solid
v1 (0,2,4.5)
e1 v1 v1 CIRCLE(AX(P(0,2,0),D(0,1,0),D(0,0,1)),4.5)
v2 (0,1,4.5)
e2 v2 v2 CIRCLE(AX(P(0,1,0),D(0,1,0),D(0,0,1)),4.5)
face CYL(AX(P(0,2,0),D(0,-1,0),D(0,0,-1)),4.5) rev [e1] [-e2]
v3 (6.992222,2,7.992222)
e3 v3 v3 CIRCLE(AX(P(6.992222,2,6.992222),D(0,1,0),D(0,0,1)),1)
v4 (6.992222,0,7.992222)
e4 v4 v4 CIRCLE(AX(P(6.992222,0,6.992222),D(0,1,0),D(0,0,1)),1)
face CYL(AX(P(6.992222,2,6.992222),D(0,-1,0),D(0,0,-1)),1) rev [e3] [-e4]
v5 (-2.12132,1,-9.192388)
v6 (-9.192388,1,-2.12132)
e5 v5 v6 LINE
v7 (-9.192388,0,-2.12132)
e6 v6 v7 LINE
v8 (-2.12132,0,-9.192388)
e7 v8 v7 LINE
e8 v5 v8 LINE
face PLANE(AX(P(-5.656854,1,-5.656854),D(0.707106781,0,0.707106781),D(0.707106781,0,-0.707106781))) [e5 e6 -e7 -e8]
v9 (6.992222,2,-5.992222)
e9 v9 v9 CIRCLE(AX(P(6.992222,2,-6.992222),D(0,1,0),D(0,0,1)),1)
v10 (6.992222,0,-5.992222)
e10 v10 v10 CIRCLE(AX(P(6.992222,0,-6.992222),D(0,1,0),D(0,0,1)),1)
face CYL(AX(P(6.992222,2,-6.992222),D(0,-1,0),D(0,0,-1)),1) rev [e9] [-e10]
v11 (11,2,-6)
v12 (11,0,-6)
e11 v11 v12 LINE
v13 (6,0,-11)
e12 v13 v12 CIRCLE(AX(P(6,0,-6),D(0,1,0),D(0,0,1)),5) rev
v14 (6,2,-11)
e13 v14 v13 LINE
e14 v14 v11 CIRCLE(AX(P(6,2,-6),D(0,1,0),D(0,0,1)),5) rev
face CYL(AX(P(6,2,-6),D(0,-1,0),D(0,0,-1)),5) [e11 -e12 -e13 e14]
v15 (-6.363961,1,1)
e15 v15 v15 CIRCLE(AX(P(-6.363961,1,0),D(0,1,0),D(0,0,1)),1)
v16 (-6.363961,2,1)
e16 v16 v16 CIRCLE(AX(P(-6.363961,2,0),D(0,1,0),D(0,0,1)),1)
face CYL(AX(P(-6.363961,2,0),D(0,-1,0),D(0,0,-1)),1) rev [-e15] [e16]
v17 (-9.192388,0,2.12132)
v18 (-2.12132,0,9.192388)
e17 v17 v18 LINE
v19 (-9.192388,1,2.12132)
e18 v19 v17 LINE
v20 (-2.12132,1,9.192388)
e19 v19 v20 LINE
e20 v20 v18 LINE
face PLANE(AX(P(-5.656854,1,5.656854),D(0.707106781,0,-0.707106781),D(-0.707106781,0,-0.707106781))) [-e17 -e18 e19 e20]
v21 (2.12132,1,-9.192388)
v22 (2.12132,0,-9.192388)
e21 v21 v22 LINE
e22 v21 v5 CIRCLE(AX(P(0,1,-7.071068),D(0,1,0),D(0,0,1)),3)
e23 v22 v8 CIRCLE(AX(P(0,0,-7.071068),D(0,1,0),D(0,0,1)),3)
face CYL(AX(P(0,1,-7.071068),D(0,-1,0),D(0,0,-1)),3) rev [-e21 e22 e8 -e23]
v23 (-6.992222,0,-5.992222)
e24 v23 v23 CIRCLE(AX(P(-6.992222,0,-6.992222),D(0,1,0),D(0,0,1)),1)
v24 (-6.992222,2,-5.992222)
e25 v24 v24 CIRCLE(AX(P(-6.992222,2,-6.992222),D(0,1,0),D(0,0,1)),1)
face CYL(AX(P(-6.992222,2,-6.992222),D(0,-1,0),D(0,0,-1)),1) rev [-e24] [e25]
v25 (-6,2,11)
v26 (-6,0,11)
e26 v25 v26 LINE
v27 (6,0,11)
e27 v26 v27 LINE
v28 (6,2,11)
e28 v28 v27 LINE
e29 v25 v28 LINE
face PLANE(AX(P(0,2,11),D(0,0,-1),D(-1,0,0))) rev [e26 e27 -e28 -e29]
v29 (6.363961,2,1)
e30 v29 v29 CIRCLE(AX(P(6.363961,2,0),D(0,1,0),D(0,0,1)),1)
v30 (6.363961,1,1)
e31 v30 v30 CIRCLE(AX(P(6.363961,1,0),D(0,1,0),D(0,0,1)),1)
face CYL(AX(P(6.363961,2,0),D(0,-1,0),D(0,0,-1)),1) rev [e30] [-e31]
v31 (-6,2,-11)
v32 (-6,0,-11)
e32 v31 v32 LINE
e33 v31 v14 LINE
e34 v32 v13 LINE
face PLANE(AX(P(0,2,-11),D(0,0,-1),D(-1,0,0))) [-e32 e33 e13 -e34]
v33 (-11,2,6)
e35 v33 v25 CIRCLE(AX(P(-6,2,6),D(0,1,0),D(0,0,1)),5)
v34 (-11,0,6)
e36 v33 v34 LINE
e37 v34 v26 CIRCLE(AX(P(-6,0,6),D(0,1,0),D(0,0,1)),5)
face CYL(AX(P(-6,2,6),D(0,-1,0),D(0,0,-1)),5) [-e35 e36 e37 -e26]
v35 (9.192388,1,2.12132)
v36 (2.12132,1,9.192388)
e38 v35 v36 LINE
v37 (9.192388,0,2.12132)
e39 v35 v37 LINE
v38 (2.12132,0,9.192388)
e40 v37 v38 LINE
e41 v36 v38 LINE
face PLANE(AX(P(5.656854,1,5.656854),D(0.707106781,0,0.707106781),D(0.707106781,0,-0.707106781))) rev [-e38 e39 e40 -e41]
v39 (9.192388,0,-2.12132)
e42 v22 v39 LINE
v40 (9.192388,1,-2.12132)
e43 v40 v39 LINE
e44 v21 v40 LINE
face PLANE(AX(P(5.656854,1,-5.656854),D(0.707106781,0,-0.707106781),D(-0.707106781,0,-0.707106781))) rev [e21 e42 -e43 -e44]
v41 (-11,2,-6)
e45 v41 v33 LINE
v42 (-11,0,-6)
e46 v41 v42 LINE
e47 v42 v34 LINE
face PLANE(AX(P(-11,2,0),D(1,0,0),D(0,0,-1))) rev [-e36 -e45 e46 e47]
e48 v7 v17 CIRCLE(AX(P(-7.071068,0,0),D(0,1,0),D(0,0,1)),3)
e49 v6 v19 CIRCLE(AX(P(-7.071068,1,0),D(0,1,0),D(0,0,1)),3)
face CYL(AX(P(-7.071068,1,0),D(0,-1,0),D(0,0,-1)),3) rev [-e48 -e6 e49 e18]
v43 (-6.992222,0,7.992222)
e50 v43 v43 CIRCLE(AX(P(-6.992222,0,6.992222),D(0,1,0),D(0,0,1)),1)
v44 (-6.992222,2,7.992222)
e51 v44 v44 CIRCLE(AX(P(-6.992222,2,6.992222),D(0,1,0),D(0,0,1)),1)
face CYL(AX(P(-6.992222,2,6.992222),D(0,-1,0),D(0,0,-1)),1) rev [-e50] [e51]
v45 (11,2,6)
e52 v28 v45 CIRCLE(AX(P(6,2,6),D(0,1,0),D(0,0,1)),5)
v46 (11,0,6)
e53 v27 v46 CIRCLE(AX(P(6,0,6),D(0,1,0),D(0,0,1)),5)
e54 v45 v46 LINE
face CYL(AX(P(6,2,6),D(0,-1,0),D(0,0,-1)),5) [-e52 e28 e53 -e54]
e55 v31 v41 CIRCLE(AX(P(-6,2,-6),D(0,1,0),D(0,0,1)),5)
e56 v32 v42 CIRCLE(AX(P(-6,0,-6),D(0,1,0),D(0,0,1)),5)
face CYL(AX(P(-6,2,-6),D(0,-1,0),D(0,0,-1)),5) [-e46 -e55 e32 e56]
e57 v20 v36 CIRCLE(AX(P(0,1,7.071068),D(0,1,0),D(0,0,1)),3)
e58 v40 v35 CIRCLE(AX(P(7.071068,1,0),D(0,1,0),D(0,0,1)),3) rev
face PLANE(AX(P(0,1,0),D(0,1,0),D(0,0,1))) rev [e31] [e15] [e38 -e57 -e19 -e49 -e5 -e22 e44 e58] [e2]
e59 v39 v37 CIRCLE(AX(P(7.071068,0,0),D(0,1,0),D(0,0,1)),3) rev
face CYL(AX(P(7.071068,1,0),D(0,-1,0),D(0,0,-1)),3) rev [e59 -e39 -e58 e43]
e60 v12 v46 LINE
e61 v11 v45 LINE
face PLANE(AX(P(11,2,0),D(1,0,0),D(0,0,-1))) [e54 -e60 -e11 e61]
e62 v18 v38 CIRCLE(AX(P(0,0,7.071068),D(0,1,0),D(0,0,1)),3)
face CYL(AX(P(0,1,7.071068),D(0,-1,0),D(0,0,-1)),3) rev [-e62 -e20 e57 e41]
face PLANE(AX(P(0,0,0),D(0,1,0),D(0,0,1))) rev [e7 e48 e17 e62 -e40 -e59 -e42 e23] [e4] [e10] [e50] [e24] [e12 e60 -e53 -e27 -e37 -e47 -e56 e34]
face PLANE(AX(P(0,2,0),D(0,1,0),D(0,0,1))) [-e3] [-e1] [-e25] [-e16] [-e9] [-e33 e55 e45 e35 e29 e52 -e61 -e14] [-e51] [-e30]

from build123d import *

# Parameters (mm, degrees)
SKETCH1_R           = 1
SKETCH1_R_2         = 4.5
BOSS_EXTRUDE1_DEPTH = 2
SKETCH1_4_R         = 1
SKETCH1_4_R_2       = 4.5
CUT_EXTRUDE1_DEPTH  = 1


with BuildPart() as part:
    # Sketch1 → Boss-Extrude1 (new body)
    with BuildSketch(Plane(origin=(0, 0, 0), x_dir=(1, 0, 0), z_dir=(0, 1, 0))):
        with BuildLine():
            Line((6, 11), (-6, 11))
            ThreePointArc((-6, 11), (-9.535533906, 9.535533906), (-11, 6))
            Line((-11, 6), (-11, -6))
            ThreePointArc((-11, -6), (-9.535533906, -9.535533906), (-6, -11))
            Line((-6, -11), (6, -11))
            ThreePointArc((6, -11), (9.535533906, -9.535533906), (11, -6))
            Line((11, -6), (11, 6))
            ThreePointArc((11, 6), (9.535533906, 9.535533906), (6, 11))
        make_face()
        with Locations((-6.992221877, -6.992221877)):
            Circle(SKETCH1_R, mode=Mode.SUBTRACT)
        with Locations((6.992221877, -6.992221877)):
            Circle(SKETCH1_R, mode=Mode.SUBTRACT)
        with Locations((-6.992221877, 6.992221877)):
            Circle(SKETCH1_R, mode=Mode.SUBTRACT)
        with Locations((6.992221877, 6.992221877)):
            Circle(SKETCH1_R, mode=Mode.SUBTRACT)
        Circle(SKETCH1_R_2, mode=Mode.SUBTRACT)
        with Locations((6.363961031, 0)):
            Circle(SKETCH1_R, mode=Mode.SUBTRACT)
        with Locations((-6.363961031, 0)):
            Circle(SKETCH1_R, mode=Mode.SUBTRACT)
    extrude(amount=BOSS_EXTRUDE1_DEPTH)

    # Sketch1<4> → Cut-Extrude1 (cut)
    with BuildSketch(Plane(origin=(0, 0, 0), x_dir=(1, 0, 0), z_dir=(0, 1, 0))):
        with BuildLine():
            Line((9.192388155, 2.121320344), (2.121320344, 9.192388155))
            ThreePointArc((2.121320344, 9.192388155), (0, 10.071067812), (-2.121320344, 9.192388155))
            Line((-2.121320344, 9.192388155), (-9.192388155, 2.121320344))
            ThreePointArc((-9.192388155, 2.121320344), (-10.071067812, 0), (-9.192388155, -2.121320344))
            Line((-9.192388155, -2.121320344), (-2.121320344, -9.192388155))
            ThreePointArc((-2.121320344, -9.192388155), (0, -10.071067812), (2.121320344, -9.192388155))
            Line((2.121320344, -9.192388155), (9.192388155, -2.121320344))
            ThreePointArc((9.192388155, -2.121320344), (10.071067812, 0), (9.192388155, 2.121320344))
        make_face()
        with Locations((-6.363961031, 0)):
            Circle(SKETCH1_4_R, mode=Mode.SUBTRACT)
        Circle(SKETCH1_4_R_2, mode=Mode.SUBTRACT)
        with Locations((6.363961031, 0)):
            Circle(SKETCH1_4_R, mode=Mode.SUBTRACT)
    extrude(amount=CUT_EXTRUDE1_DEPTH, mode=Mode.SUBTRACT)


solid = part.part
